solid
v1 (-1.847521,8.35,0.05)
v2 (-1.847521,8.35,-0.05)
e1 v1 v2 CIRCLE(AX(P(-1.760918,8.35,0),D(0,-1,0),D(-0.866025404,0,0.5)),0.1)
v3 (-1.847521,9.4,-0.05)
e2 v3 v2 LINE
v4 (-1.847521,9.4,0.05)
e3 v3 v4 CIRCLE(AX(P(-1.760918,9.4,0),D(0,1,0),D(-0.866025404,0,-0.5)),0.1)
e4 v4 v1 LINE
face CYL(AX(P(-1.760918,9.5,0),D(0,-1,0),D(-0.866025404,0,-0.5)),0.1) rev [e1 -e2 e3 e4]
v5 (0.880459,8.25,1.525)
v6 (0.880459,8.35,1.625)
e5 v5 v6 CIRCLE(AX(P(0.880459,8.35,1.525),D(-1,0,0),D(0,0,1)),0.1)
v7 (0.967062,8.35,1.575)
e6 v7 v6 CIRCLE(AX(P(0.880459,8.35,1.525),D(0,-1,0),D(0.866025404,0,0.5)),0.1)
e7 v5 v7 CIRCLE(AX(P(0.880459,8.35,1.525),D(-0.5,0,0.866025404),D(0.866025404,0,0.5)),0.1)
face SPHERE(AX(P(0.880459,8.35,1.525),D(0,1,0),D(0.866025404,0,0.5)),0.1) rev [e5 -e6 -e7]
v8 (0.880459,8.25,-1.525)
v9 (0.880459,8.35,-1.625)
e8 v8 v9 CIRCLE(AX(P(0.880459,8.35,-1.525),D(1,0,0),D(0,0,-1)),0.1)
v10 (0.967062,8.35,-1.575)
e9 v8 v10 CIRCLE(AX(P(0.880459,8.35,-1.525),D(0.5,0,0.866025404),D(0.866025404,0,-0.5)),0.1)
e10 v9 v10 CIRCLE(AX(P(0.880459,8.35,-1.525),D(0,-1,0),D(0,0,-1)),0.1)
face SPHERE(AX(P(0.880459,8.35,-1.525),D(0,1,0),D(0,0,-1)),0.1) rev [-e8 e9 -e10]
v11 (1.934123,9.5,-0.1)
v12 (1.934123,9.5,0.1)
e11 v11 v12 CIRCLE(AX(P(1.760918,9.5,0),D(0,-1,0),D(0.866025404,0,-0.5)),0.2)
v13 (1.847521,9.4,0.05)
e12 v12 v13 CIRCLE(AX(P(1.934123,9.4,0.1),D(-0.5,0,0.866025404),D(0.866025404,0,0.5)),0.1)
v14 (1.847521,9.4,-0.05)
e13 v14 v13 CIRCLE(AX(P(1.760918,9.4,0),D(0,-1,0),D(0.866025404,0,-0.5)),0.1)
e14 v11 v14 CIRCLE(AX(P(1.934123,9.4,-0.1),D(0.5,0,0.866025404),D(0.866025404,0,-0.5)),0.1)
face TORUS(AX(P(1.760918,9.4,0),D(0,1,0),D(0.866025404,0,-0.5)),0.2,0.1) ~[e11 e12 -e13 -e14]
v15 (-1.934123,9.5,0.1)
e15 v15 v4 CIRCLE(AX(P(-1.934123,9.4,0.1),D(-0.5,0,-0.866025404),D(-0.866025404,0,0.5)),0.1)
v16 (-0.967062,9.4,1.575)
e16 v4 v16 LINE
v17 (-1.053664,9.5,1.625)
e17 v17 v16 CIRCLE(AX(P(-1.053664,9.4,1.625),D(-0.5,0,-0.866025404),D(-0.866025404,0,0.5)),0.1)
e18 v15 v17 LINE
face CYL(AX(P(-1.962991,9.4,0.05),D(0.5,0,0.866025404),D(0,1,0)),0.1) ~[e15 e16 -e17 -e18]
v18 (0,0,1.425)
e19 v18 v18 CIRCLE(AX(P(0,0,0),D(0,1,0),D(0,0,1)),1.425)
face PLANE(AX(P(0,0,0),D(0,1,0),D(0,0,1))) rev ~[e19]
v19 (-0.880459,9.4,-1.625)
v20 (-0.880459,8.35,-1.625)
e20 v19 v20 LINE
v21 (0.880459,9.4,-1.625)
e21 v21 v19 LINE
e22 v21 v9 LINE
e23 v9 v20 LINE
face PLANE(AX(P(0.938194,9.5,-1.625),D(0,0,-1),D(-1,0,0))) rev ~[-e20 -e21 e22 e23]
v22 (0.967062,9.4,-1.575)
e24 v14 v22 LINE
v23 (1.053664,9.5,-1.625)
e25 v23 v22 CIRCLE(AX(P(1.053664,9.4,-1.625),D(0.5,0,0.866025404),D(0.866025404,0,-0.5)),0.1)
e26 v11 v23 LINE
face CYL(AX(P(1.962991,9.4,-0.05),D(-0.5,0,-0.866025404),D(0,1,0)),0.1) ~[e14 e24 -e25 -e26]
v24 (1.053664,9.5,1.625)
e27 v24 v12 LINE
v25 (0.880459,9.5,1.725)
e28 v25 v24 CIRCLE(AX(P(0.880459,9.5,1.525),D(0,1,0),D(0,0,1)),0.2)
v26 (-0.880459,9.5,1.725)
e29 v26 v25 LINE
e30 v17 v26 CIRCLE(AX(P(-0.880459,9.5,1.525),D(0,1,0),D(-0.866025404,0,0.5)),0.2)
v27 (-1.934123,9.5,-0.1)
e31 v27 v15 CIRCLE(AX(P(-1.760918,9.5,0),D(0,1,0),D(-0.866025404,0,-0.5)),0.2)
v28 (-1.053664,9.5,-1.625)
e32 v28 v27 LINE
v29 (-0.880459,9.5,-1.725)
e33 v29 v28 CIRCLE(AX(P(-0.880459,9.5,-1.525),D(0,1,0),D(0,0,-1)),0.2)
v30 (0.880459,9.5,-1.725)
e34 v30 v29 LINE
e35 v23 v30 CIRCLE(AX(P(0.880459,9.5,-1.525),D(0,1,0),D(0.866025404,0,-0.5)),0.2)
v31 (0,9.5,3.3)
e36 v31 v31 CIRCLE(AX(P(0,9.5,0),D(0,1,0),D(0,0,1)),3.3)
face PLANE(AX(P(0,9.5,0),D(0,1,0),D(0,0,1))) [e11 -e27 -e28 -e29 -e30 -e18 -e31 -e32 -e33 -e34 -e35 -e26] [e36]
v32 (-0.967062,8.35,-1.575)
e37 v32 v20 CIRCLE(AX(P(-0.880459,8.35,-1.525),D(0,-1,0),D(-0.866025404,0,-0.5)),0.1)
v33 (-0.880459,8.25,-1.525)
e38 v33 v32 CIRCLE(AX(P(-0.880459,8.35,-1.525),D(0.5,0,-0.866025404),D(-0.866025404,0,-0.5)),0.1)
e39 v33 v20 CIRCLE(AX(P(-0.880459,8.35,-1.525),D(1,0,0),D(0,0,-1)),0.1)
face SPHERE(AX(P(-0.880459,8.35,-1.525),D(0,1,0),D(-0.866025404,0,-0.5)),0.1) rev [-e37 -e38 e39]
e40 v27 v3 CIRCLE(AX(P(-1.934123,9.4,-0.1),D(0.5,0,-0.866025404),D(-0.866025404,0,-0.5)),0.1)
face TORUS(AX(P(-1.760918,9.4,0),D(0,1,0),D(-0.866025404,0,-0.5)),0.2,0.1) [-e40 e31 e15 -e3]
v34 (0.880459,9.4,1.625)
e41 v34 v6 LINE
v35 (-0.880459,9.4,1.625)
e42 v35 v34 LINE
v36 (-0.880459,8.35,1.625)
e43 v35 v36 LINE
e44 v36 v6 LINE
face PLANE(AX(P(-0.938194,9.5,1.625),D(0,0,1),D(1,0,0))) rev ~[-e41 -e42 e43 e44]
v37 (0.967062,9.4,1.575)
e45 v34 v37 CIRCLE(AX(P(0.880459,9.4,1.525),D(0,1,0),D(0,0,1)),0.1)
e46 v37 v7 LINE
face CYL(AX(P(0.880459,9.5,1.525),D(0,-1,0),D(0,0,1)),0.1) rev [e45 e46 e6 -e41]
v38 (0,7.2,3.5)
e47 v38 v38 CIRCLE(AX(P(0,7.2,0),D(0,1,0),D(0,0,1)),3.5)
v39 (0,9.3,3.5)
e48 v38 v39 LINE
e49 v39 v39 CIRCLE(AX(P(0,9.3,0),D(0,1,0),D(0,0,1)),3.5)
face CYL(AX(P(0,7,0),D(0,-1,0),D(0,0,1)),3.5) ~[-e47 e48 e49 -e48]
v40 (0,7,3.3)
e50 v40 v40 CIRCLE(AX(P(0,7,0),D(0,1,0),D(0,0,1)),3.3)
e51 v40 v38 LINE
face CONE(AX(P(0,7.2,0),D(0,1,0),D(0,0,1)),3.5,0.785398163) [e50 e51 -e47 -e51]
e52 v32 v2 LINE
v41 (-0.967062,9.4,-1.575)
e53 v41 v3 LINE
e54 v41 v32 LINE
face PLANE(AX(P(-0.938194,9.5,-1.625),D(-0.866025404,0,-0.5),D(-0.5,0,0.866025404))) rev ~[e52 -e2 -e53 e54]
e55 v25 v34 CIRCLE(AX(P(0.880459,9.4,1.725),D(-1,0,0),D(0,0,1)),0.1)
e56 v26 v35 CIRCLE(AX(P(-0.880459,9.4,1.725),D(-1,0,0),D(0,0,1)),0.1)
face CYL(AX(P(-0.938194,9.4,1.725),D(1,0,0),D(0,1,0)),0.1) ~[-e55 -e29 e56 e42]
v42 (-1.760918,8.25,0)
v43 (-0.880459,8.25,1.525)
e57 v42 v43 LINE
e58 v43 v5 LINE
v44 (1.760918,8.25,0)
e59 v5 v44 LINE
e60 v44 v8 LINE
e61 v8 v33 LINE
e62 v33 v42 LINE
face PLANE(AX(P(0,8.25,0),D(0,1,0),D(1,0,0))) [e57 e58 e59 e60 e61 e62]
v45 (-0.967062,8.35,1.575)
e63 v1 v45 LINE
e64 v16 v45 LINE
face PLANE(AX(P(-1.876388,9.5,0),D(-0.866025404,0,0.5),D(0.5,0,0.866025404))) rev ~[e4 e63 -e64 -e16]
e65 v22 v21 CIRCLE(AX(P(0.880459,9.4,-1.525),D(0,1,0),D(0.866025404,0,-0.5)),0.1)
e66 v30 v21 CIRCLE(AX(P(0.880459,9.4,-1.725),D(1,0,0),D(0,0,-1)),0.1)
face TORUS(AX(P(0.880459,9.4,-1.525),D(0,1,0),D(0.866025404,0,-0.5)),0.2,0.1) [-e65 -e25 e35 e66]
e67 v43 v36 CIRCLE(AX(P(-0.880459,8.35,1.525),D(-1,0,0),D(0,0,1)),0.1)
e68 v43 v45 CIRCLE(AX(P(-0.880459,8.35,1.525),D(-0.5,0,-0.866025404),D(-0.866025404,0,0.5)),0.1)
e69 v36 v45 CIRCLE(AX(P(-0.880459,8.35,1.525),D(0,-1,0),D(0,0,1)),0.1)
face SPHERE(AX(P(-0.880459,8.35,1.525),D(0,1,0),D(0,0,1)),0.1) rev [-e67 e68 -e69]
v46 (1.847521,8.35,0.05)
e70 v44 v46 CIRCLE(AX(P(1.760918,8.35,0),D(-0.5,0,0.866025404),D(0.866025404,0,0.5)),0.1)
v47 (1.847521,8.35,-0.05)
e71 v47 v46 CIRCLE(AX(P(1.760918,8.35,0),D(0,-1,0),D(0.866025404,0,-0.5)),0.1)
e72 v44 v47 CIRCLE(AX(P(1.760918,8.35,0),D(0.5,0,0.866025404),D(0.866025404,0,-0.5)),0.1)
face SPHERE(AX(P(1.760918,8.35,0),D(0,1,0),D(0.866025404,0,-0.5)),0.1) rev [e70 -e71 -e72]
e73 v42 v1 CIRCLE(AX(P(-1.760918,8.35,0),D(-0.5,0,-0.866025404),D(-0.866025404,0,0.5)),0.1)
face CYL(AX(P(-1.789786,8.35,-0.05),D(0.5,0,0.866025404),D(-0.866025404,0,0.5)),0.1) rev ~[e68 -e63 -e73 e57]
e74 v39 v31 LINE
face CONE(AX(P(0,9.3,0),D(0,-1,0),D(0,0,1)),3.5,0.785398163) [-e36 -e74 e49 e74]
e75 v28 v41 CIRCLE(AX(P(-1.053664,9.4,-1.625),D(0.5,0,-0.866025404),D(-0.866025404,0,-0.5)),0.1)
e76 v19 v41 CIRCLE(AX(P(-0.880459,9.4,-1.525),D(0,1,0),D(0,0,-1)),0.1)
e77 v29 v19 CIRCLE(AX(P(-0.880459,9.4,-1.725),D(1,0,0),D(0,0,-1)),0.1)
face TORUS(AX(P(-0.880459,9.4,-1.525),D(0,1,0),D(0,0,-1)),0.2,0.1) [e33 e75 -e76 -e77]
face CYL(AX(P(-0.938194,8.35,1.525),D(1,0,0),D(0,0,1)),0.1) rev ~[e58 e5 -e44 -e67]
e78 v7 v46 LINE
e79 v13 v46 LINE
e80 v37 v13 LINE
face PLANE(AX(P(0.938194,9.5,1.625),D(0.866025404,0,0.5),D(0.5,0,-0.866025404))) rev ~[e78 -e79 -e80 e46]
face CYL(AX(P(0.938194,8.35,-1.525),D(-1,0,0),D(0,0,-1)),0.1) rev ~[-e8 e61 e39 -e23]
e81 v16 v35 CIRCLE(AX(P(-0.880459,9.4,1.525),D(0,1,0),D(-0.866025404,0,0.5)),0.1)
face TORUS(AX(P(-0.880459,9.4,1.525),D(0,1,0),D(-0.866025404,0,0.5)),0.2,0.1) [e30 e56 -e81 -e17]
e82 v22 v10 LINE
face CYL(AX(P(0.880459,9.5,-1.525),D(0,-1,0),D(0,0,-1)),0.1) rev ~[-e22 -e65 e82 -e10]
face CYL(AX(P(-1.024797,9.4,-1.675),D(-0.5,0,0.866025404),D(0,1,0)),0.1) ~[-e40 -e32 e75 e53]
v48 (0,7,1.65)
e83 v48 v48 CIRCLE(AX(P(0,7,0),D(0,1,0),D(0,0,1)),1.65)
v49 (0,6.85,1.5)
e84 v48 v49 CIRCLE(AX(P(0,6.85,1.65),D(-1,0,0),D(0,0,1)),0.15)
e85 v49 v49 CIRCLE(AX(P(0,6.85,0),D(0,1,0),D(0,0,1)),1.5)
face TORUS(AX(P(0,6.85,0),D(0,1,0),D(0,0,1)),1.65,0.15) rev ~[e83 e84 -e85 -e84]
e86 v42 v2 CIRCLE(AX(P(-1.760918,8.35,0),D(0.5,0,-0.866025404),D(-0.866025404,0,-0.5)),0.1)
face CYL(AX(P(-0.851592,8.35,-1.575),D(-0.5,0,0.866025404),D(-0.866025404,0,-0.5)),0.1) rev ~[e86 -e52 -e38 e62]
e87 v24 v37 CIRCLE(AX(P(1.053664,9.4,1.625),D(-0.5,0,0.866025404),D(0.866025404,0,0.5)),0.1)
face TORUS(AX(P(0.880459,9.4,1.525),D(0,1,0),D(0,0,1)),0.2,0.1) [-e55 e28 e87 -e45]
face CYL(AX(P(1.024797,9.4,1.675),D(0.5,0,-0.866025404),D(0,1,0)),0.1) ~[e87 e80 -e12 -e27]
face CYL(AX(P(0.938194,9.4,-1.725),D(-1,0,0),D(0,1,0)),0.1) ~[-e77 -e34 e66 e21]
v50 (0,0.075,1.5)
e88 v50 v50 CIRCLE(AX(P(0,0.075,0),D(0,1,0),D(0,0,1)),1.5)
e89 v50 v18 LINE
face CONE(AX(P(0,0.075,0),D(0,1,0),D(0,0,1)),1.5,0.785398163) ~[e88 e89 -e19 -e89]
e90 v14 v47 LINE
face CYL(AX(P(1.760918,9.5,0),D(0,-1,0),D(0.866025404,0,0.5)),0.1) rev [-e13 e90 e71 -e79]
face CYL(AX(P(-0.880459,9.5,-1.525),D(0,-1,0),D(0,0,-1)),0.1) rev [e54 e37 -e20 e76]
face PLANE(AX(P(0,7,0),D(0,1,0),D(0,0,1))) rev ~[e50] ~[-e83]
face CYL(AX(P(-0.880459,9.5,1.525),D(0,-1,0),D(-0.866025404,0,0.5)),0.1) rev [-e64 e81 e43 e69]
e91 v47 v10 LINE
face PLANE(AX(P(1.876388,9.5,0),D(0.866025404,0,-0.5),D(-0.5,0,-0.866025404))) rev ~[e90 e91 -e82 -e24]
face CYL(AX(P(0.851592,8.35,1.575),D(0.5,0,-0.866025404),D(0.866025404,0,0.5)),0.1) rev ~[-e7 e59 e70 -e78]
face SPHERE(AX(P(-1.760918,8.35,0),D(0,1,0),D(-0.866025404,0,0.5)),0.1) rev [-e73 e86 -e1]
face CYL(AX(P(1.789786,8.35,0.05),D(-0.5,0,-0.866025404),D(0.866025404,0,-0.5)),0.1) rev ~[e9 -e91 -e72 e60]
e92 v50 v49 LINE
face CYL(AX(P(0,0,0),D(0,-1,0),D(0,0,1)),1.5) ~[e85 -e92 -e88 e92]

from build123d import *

# Parameters (mm, degrees)
SKETCH1_R           = 1.5
BOSS_EXTRUDE1_DEPTH = 7
SKETCH2_R           = 3.5
BOSS_EXTRUDE2_DEPTH = 2.5
FILLET1_R           = 0.15
CHAMFER1_SIZE       = 0.2
CUT_EXTRUDE1_DEPTH  = 1.25
CHAMFER2_SIZE       = 0.075
FILLET2_R           = 0.1


with BuildPart() as part:
    # Sketch1 → Boss-Extrude1 (new body)
    with BuildSketch(Plane(origin=(0, 0, 0), x_dir=(1, 0, 0), z_dir=(0, 1, 0))):
        with Locations(Location((0, 0, 0), (0, 0, 270))):
            Circle(SKETCH1_R)
    extrude(amount=BOSS_EXTRUDE1_DEPTH)

    # Sketch2 → Boss-Extrude2 (add)
    with BuildSketch(Plane(origin=(0, 7, 0), x_dir=(1, 0, 0), z_dir=(0, 1, 0))):
        with Locations(Location((0, 0, 0), (0, 0, 270))):
            Circle(SKETCH2_R)
    extrude(amount=BOSS_EXTRUDE2_DEPTH)

    # Fillet1
    fillet1_edges = [part.edges().sort_by_distance(p)[0] for p in [
        (0, 7, -1.5),
    ]]
    fillet(fillet1_edges, radius=FILLET1_R)

    # Chamfer1
    chamfer1_edges = [part.edges().sort_by_distance(p)[0] for p in [
        (0, 7, -3.5),
        (0, 9.5, -3.5),
    ]]
    chamfer(chamfer1_edges, length=CHAMFER1_SIZE)

    # Sketch5 → Cut-Extrude1 (cut)
    with BuildSketch(Plane(origin=(0, 9.5, 0), x_dir=(1, 0, 0), z_dir=(0, 1, 0))):
        Polygon((0.938194187, 1.625), (-0.938194187, 1.625), (-1.876388375, 0), (-0.938194187, -1.625), (0.938194187, -1.625), (1.876388375, 0), align=None)
    extrude(amount=-CUT_EXTRUDE1_DEPTH, mode=Mode.SUBTRACT)

    # Chamfer2
    chamfer2_edges = [part.edges().sort_by_distance(p)[0] for p in [
        (0, 0, -1.5),
    ]]
    chamfer(chamfer2_edges, length=CHAMFER2_SIZE)

    # Fillet2
    fillet2_edges = [part.edges().sort_by_distance(p)[0] for p in [
        (1.407291281, 8.25, -0.8125),
        (0.938194187, 8.875, -1.625),
        (1.407291281, 8.25, 0.8125),
        (1.876388375, 8.875, 0),
        (0, 8.25, 1.625),
        (0.938194187, 8.875, 1.625),
        (-1.407291281, 8.25, 0.8125),
        (-0.938194187, 8.875, 1.625),
        (-1.407291281, 8.25, -0.8125),
        (-1.876388375, 8.875, 0),
        (0, 8.25, -1.625),
        (-0.938194187, 8.875, -1.625),
        (1.407291281, 9.5, -0.8125),
        (0, 9.5, -1.625),
        (-1.407291281, 9.5, -0.8125),
        (-1.407291281, 9.5, 0.8125),
        (0, 9.5, 1.625),
        (1.407291281, 9.5, 0.8125),
    ]]
    fillet(fillet2_edges, radius=FILLET2_R)


solid = part.part
